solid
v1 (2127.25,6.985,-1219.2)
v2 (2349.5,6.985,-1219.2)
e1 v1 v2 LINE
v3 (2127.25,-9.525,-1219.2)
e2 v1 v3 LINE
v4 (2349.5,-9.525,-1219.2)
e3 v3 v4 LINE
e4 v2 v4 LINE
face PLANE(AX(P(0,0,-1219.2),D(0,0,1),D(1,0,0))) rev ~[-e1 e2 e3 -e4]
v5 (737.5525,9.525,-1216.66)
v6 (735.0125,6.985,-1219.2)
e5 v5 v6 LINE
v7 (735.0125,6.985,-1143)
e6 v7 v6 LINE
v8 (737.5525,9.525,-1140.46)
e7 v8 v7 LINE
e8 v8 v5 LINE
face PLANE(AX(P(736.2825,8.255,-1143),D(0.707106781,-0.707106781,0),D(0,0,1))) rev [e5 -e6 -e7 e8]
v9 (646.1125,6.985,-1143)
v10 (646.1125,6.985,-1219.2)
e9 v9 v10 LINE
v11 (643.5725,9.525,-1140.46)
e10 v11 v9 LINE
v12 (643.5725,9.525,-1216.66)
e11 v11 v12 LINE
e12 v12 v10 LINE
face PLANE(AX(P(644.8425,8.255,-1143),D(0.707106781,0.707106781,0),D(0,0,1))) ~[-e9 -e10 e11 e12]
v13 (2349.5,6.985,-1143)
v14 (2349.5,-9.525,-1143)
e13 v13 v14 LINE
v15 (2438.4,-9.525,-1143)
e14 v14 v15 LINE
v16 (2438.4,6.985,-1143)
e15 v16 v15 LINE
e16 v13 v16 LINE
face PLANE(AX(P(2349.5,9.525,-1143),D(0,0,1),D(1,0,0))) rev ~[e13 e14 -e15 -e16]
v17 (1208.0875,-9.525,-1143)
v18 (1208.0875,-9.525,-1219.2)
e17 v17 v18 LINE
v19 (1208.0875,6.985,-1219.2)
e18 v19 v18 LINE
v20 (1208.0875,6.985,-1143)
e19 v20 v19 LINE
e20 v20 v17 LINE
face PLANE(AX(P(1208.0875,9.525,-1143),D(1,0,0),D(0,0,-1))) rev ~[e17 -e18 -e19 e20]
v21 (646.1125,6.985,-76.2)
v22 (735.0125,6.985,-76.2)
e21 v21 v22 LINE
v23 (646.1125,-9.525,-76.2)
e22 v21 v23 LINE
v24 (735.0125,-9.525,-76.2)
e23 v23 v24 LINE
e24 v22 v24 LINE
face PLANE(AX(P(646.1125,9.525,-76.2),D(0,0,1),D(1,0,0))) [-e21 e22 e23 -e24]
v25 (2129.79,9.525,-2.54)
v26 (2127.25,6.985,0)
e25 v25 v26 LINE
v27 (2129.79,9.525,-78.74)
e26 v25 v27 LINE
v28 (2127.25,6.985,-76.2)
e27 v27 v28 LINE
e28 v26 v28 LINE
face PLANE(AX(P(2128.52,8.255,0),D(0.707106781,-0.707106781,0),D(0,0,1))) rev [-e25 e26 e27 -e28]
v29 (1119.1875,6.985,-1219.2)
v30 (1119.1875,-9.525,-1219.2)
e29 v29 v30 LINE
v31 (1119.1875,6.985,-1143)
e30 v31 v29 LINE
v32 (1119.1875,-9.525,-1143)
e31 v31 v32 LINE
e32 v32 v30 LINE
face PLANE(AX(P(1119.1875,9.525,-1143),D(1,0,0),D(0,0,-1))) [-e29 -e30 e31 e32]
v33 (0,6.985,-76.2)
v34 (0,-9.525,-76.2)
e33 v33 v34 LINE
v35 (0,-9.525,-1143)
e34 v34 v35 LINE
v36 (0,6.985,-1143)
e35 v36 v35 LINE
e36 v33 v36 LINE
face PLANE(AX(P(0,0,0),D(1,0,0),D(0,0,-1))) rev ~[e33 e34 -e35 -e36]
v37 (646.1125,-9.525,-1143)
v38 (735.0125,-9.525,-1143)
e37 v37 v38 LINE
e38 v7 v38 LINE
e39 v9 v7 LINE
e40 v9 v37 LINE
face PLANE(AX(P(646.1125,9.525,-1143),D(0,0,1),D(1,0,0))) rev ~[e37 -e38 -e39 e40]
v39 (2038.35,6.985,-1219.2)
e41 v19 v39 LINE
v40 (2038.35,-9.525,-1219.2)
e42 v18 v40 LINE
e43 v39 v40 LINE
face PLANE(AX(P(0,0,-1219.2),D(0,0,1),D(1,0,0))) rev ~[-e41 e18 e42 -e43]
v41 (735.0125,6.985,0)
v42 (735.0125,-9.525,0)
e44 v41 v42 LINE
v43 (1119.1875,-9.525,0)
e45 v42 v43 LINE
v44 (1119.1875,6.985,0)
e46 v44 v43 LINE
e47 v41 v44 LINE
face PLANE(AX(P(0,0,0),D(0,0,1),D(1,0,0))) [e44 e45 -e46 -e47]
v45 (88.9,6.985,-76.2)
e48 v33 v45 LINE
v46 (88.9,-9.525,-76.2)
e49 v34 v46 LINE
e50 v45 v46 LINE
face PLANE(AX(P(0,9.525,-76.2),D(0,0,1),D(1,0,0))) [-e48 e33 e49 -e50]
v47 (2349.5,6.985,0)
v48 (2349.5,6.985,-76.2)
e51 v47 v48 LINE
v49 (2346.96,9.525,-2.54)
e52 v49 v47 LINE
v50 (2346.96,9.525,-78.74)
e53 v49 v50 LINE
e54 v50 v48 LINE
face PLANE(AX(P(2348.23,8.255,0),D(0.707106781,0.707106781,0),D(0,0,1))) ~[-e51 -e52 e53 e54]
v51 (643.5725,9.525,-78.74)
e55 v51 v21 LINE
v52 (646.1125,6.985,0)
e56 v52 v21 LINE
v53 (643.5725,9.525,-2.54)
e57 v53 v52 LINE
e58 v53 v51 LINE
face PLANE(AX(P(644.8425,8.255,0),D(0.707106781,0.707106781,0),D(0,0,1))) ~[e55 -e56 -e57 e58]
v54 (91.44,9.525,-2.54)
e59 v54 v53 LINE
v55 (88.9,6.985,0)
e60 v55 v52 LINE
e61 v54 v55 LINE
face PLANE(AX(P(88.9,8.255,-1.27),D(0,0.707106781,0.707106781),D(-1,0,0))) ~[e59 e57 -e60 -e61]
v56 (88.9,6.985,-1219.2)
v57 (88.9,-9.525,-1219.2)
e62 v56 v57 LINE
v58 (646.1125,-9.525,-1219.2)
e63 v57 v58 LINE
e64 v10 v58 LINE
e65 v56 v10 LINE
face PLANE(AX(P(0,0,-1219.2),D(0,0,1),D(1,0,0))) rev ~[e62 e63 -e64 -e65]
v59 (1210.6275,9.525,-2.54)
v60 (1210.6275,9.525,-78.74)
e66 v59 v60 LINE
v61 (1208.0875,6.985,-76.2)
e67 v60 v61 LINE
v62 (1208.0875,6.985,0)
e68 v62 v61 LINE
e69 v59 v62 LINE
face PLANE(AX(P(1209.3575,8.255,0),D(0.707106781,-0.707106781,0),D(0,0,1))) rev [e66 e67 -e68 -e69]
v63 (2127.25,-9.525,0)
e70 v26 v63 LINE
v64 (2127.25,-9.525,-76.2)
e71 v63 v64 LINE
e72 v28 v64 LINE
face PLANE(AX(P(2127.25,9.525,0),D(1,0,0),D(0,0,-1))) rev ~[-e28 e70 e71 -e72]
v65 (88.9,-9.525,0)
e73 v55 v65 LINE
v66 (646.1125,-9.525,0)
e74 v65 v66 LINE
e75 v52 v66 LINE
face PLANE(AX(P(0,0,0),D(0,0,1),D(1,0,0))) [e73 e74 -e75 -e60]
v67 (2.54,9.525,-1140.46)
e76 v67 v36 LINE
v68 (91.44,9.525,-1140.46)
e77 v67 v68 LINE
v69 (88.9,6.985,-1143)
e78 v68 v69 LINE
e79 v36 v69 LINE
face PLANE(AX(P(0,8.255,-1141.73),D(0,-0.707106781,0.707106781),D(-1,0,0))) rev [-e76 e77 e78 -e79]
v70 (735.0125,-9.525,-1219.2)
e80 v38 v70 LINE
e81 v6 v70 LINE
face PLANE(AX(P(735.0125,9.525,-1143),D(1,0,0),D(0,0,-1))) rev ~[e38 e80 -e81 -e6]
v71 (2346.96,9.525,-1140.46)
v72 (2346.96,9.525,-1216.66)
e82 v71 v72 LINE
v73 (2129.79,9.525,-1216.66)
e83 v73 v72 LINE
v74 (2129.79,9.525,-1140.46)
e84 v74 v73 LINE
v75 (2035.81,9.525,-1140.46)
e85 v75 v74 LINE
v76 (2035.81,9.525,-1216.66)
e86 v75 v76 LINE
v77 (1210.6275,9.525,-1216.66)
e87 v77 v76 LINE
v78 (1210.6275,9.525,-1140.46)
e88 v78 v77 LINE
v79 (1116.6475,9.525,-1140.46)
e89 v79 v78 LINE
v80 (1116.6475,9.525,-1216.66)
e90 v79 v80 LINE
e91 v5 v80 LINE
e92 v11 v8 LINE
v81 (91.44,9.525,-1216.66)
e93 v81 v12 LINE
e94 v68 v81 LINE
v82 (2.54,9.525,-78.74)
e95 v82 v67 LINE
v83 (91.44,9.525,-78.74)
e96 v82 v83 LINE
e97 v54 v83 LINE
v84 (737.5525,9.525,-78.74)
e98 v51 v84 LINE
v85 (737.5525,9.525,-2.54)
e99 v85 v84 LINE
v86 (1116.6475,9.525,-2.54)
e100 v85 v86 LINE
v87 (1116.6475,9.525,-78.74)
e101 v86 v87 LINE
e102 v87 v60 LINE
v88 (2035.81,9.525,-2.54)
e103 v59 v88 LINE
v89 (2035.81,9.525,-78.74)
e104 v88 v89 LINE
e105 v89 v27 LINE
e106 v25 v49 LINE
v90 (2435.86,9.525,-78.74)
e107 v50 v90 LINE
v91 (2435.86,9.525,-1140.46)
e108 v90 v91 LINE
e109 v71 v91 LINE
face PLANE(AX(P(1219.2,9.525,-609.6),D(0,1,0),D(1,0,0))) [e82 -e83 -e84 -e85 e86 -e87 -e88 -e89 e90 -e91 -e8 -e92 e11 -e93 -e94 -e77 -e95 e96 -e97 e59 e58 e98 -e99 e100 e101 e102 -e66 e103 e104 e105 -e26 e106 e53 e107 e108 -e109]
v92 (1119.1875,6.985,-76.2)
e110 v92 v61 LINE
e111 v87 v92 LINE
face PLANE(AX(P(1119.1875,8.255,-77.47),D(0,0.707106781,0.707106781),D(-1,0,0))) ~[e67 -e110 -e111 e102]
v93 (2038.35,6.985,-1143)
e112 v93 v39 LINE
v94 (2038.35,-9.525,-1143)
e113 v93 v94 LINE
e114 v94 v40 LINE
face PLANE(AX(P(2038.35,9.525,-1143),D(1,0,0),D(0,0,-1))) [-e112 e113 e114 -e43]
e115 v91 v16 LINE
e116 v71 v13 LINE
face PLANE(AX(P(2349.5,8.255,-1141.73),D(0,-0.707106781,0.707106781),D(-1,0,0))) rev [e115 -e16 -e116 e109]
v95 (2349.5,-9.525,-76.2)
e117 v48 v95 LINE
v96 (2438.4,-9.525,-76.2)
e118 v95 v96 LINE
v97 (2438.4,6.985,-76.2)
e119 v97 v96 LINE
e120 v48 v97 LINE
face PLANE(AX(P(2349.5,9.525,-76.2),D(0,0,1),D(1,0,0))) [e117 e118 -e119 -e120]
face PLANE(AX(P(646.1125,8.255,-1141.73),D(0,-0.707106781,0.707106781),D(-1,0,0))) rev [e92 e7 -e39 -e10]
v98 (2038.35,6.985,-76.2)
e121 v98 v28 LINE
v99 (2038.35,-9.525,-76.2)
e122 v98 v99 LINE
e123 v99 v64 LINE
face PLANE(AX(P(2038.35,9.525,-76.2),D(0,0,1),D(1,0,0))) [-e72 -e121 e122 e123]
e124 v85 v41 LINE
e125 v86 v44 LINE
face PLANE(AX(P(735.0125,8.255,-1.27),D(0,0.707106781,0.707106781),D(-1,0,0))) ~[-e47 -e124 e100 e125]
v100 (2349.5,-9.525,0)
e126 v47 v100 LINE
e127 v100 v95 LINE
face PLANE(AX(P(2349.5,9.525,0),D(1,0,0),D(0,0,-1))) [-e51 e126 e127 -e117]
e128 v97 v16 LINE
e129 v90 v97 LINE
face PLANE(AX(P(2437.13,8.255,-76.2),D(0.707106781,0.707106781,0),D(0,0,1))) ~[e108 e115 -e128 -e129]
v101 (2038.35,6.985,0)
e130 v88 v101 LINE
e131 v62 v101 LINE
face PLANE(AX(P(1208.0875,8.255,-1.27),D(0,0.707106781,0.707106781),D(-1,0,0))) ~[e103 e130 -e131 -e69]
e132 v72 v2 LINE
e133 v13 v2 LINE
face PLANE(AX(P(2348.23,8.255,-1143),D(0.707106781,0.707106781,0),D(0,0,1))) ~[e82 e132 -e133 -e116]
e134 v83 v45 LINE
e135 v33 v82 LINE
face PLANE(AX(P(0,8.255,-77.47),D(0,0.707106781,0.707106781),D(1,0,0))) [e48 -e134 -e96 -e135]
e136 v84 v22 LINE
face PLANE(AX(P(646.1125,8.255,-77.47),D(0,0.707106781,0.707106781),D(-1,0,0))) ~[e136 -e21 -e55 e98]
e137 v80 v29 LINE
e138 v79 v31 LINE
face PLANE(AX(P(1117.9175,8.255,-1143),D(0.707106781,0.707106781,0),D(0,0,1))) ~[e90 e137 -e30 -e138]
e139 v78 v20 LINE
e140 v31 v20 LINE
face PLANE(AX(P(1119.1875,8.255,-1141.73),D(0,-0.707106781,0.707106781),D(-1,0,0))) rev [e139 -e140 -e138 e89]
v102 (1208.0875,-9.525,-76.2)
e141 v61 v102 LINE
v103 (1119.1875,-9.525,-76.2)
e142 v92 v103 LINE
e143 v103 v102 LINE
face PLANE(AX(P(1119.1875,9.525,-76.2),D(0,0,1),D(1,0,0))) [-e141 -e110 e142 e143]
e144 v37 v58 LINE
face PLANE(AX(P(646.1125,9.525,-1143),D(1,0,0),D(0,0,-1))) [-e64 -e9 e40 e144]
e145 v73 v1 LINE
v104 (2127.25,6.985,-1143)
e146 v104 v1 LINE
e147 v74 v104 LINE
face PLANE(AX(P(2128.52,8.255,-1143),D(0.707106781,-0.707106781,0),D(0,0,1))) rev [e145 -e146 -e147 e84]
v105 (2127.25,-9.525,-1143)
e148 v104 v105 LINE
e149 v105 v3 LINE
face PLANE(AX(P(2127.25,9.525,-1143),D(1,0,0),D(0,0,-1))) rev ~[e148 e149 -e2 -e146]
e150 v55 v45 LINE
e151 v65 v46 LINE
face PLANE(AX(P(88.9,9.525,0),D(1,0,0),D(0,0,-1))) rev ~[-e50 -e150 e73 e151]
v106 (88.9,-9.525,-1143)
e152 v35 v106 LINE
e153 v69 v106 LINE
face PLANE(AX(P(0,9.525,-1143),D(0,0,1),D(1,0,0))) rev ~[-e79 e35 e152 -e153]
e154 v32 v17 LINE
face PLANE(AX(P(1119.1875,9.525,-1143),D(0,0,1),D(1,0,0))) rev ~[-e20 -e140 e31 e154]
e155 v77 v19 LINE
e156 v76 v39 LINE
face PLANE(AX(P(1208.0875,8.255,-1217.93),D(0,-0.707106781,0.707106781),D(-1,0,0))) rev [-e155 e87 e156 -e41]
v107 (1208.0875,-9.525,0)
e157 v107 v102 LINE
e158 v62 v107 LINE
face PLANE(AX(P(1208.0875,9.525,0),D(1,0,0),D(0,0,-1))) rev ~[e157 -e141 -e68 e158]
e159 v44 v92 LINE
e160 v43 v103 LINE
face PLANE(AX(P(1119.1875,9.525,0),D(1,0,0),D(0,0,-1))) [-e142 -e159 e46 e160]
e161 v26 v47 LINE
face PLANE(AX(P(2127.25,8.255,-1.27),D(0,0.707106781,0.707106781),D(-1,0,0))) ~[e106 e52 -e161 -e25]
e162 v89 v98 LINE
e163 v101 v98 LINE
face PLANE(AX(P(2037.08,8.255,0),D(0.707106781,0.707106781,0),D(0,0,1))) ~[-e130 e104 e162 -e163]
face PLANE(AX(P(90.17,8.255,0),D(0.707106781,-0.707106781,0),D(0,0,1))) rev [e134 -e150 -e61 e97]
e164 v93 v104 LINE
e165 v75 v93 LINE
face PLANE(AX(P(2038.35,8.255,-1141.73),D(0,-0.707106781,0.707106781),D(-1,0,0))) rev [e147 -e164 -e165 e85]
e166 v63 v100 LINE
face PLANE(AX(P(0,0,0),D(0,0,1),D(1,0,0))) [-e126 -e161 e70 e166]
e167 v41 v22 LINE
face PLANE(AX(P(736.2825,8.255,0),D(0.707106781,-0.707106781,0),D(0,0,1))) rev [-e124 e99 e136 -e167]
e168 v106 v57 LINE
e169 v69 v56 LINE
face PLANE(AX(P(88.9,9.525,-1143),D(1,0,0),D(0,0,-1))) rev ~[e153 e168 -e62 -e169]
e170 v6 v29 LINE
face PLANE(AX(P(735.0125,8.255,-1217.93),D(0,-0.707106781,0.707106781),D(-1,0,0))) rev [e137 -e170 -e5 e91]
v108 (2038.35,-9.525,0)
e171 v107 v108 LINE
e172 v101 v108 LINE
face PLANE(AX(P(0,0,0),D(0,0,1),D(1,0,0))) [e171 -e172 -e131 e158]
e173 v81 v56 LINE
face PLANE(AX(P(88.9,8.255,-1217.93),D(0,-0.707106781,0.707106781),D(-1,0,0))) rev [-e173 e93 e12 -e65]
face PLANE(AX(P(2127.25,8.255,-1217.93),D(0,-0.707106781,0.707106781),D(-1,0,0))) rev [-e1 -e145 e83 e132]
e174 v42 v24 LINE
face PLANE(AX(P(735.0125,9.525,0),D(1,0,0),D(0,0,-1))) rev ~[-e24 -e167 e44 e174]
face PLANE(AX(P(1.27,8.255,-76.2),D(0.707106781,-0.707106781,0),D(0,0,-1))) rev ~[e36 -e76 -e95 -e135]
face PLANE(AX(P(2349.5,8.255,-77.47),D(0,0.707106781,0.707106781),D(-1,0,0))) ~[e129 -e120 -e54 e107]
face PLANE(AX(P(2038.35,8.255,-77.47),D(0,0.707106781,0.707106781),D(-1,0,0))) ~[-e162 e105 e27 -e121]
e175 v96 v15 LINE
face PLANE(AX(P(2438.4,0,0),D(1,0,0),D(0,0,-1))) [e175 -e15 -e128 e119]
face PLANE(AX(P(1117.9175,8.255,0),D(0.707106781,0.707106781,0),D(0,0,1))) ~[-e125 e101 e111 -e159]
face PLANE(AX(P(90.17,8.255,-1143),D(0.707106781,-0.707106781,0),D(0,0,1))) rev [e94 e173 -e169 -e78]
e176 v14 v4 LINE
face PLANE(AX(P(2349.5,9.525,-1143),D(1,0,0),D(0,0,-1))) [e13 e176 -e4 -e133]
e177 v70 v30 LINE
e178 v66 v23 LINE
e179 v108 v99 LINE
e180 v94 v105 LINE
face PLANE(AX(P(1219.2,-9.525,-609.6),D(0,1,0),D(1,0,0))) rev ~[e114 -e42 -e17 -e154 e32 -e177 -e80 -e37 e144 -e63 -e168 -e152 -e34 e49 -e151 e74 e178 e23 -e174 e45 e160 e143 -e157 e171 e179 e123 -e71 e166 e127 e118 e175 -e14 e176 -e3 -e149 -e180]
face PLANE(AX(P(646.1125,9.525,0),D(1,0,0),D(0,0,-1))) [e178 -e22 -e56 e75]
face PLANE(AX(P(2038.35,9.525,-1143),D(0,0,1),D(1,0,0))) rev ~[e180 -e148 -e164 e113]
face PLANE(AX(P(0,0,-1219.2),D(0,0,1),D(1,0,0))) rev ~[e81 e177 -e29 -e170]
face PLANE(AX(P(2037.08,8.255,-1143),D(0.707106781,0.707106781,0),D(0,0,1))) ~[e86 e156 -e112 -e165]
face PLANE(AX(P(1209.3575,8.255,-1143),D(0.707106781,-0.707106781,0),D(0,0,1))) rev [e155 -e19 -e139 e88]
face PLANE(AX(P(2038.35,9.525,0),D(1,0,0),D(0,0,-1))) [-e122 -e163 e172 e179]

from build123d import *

# Parameters (mm, degrees)
SKETCH1_W           = 2438.4
SKETCH1_H           = 1219.2
BOSS_EXTRUDE1_DEPTH = 9.525
SKETCH2_W           = 88.9
SKETCH2_H           = 76.2
CUT_EXTRUDE1_DEPTH  = 20.05
CHAMFER1_SIZE       = 2.54


with BuildPart() as part:
    # Sketch1 → Boss-Extrude1 (new body, symmetric)
    with BuildSketch(Plane(origin=(0, 0, 0), x_dir=(1, 0, 0), z_dir=(0, 1, 0))):
        with Locations((1219.2, 609.6)):
            Rectangle(SKETCH1_W, SKETCH1_H)
    extrude(amount=BOSS_EXTRUDE1_DEPTH, both=True)

    # Sketch2 → Cut-Extrude1 (cut, through all)
    with BuildSketch(Plane(origin=(0, 9.525, 0), x_dir=(1, 0, 0), z_dir=(0, 1, 0))):
        with Locations((44.45, 1181.1)):
            Rectangle(SKETCH2_W, SKETCH2_H)
        with Locations((690.5625, 1181.1)):
            Rectangle(SKETCH2_W, SKETCH2_H)
        with Locations((1163.6375, 1181.1)):
            Rectangle(SKETCH2_W, SKETCH2_H)
        with Locations((2082.8, 1181.1)):
            Rectangle(SKETCH2_W, SKETCH2_H)
        with Locations((2393.95, 1181.1)):
            Rectangle(SKETCH2_W, SKETCH2_H)
        with Locations((1163.6375, 38.1)):
            Rectangle(SKETCH2_W, SKETCH2_H)
        with Locations((690.5625, 38.1)):
            Rectangle(SKETCH2_W, SKETCH2_H)
        with Locations((2393.95, 38.1)):
            Rectangle(SKETCH2_W, SKETCH2_H)
        with Locations((2082.8, 38.1)):
            Rectangle(SKETCH2_W, SKETCH2_H)
        with Locations((44.45, 38.1)):
            Rectangle(SKETCH2_W, SKETCH2_H)
    extrude(amount=-CUT_EXTRUDE1_DEPTH, mode=Mode.SUBTRACT)

    # Chamfer1
    chamfer1_edges = [part.edges().sort_by_distance(p)[0] for p in [
        (2038.35, 9.525, -1181.1),
        (2082.8, 9.525, -1143),
        (2127.25, 9.525, -1181.1),
        (1208.0875, 9.525, -1181.1),
        (1119.1875, 9.525, -1181.1),
        (1163.6375, 9.525, -1143),
        (646.1125, 9.525, -1181.1),
        (690.5625, 9.525, -1143),
        (735.0125, 9.525, -1181.1),
        (44.45, 9.525, -1143),
        (88.9, 9.525, -1181.1),
        (0, 9.525, -609.6),
        (367.50625, 9.525, 0),
        (927.1, 9.525, 0),
        (1623.21875, 9.525, 0),
        (2238.375, 9.525, 0),
        (2438.4, 9.525, -609.6),
        (2238.375, 9.525, -1219.2),
        (1623.21875, 9.525, -1219.2),
        (927.1, 9.525, -1219.2),
        (367.50625, 9.525, -1219.2),
        (88.9, 9.525, -38.1),
        (44.45, 9.525, -76.2),
        (2127.25, 9.525, -38.1),
        (2082.8, 9.525, -76.2),
        (2038.35, 9.525, -38.1),
        (2393.95, 9.525, -76.2),
        (2349.5, 9.525, -38.1),
        (735.0125, 9.525, -38.1),
        (690.5625, 9.525, -76.2),
        (646.1125, 9.525, -38.1),
        (1208.0875, 9.525, -38.1),
        (1163.6375, 9.525, -76.2),
        (1119.1875, 9.525, -38.1),
        (2349.5, 9.525, -1181.1),
        (2393.95, 9.525, -1143),
    ]]
    chamfer(chamfer1_edges, length=CHAMFER1_SIZE)


solid = part.part
